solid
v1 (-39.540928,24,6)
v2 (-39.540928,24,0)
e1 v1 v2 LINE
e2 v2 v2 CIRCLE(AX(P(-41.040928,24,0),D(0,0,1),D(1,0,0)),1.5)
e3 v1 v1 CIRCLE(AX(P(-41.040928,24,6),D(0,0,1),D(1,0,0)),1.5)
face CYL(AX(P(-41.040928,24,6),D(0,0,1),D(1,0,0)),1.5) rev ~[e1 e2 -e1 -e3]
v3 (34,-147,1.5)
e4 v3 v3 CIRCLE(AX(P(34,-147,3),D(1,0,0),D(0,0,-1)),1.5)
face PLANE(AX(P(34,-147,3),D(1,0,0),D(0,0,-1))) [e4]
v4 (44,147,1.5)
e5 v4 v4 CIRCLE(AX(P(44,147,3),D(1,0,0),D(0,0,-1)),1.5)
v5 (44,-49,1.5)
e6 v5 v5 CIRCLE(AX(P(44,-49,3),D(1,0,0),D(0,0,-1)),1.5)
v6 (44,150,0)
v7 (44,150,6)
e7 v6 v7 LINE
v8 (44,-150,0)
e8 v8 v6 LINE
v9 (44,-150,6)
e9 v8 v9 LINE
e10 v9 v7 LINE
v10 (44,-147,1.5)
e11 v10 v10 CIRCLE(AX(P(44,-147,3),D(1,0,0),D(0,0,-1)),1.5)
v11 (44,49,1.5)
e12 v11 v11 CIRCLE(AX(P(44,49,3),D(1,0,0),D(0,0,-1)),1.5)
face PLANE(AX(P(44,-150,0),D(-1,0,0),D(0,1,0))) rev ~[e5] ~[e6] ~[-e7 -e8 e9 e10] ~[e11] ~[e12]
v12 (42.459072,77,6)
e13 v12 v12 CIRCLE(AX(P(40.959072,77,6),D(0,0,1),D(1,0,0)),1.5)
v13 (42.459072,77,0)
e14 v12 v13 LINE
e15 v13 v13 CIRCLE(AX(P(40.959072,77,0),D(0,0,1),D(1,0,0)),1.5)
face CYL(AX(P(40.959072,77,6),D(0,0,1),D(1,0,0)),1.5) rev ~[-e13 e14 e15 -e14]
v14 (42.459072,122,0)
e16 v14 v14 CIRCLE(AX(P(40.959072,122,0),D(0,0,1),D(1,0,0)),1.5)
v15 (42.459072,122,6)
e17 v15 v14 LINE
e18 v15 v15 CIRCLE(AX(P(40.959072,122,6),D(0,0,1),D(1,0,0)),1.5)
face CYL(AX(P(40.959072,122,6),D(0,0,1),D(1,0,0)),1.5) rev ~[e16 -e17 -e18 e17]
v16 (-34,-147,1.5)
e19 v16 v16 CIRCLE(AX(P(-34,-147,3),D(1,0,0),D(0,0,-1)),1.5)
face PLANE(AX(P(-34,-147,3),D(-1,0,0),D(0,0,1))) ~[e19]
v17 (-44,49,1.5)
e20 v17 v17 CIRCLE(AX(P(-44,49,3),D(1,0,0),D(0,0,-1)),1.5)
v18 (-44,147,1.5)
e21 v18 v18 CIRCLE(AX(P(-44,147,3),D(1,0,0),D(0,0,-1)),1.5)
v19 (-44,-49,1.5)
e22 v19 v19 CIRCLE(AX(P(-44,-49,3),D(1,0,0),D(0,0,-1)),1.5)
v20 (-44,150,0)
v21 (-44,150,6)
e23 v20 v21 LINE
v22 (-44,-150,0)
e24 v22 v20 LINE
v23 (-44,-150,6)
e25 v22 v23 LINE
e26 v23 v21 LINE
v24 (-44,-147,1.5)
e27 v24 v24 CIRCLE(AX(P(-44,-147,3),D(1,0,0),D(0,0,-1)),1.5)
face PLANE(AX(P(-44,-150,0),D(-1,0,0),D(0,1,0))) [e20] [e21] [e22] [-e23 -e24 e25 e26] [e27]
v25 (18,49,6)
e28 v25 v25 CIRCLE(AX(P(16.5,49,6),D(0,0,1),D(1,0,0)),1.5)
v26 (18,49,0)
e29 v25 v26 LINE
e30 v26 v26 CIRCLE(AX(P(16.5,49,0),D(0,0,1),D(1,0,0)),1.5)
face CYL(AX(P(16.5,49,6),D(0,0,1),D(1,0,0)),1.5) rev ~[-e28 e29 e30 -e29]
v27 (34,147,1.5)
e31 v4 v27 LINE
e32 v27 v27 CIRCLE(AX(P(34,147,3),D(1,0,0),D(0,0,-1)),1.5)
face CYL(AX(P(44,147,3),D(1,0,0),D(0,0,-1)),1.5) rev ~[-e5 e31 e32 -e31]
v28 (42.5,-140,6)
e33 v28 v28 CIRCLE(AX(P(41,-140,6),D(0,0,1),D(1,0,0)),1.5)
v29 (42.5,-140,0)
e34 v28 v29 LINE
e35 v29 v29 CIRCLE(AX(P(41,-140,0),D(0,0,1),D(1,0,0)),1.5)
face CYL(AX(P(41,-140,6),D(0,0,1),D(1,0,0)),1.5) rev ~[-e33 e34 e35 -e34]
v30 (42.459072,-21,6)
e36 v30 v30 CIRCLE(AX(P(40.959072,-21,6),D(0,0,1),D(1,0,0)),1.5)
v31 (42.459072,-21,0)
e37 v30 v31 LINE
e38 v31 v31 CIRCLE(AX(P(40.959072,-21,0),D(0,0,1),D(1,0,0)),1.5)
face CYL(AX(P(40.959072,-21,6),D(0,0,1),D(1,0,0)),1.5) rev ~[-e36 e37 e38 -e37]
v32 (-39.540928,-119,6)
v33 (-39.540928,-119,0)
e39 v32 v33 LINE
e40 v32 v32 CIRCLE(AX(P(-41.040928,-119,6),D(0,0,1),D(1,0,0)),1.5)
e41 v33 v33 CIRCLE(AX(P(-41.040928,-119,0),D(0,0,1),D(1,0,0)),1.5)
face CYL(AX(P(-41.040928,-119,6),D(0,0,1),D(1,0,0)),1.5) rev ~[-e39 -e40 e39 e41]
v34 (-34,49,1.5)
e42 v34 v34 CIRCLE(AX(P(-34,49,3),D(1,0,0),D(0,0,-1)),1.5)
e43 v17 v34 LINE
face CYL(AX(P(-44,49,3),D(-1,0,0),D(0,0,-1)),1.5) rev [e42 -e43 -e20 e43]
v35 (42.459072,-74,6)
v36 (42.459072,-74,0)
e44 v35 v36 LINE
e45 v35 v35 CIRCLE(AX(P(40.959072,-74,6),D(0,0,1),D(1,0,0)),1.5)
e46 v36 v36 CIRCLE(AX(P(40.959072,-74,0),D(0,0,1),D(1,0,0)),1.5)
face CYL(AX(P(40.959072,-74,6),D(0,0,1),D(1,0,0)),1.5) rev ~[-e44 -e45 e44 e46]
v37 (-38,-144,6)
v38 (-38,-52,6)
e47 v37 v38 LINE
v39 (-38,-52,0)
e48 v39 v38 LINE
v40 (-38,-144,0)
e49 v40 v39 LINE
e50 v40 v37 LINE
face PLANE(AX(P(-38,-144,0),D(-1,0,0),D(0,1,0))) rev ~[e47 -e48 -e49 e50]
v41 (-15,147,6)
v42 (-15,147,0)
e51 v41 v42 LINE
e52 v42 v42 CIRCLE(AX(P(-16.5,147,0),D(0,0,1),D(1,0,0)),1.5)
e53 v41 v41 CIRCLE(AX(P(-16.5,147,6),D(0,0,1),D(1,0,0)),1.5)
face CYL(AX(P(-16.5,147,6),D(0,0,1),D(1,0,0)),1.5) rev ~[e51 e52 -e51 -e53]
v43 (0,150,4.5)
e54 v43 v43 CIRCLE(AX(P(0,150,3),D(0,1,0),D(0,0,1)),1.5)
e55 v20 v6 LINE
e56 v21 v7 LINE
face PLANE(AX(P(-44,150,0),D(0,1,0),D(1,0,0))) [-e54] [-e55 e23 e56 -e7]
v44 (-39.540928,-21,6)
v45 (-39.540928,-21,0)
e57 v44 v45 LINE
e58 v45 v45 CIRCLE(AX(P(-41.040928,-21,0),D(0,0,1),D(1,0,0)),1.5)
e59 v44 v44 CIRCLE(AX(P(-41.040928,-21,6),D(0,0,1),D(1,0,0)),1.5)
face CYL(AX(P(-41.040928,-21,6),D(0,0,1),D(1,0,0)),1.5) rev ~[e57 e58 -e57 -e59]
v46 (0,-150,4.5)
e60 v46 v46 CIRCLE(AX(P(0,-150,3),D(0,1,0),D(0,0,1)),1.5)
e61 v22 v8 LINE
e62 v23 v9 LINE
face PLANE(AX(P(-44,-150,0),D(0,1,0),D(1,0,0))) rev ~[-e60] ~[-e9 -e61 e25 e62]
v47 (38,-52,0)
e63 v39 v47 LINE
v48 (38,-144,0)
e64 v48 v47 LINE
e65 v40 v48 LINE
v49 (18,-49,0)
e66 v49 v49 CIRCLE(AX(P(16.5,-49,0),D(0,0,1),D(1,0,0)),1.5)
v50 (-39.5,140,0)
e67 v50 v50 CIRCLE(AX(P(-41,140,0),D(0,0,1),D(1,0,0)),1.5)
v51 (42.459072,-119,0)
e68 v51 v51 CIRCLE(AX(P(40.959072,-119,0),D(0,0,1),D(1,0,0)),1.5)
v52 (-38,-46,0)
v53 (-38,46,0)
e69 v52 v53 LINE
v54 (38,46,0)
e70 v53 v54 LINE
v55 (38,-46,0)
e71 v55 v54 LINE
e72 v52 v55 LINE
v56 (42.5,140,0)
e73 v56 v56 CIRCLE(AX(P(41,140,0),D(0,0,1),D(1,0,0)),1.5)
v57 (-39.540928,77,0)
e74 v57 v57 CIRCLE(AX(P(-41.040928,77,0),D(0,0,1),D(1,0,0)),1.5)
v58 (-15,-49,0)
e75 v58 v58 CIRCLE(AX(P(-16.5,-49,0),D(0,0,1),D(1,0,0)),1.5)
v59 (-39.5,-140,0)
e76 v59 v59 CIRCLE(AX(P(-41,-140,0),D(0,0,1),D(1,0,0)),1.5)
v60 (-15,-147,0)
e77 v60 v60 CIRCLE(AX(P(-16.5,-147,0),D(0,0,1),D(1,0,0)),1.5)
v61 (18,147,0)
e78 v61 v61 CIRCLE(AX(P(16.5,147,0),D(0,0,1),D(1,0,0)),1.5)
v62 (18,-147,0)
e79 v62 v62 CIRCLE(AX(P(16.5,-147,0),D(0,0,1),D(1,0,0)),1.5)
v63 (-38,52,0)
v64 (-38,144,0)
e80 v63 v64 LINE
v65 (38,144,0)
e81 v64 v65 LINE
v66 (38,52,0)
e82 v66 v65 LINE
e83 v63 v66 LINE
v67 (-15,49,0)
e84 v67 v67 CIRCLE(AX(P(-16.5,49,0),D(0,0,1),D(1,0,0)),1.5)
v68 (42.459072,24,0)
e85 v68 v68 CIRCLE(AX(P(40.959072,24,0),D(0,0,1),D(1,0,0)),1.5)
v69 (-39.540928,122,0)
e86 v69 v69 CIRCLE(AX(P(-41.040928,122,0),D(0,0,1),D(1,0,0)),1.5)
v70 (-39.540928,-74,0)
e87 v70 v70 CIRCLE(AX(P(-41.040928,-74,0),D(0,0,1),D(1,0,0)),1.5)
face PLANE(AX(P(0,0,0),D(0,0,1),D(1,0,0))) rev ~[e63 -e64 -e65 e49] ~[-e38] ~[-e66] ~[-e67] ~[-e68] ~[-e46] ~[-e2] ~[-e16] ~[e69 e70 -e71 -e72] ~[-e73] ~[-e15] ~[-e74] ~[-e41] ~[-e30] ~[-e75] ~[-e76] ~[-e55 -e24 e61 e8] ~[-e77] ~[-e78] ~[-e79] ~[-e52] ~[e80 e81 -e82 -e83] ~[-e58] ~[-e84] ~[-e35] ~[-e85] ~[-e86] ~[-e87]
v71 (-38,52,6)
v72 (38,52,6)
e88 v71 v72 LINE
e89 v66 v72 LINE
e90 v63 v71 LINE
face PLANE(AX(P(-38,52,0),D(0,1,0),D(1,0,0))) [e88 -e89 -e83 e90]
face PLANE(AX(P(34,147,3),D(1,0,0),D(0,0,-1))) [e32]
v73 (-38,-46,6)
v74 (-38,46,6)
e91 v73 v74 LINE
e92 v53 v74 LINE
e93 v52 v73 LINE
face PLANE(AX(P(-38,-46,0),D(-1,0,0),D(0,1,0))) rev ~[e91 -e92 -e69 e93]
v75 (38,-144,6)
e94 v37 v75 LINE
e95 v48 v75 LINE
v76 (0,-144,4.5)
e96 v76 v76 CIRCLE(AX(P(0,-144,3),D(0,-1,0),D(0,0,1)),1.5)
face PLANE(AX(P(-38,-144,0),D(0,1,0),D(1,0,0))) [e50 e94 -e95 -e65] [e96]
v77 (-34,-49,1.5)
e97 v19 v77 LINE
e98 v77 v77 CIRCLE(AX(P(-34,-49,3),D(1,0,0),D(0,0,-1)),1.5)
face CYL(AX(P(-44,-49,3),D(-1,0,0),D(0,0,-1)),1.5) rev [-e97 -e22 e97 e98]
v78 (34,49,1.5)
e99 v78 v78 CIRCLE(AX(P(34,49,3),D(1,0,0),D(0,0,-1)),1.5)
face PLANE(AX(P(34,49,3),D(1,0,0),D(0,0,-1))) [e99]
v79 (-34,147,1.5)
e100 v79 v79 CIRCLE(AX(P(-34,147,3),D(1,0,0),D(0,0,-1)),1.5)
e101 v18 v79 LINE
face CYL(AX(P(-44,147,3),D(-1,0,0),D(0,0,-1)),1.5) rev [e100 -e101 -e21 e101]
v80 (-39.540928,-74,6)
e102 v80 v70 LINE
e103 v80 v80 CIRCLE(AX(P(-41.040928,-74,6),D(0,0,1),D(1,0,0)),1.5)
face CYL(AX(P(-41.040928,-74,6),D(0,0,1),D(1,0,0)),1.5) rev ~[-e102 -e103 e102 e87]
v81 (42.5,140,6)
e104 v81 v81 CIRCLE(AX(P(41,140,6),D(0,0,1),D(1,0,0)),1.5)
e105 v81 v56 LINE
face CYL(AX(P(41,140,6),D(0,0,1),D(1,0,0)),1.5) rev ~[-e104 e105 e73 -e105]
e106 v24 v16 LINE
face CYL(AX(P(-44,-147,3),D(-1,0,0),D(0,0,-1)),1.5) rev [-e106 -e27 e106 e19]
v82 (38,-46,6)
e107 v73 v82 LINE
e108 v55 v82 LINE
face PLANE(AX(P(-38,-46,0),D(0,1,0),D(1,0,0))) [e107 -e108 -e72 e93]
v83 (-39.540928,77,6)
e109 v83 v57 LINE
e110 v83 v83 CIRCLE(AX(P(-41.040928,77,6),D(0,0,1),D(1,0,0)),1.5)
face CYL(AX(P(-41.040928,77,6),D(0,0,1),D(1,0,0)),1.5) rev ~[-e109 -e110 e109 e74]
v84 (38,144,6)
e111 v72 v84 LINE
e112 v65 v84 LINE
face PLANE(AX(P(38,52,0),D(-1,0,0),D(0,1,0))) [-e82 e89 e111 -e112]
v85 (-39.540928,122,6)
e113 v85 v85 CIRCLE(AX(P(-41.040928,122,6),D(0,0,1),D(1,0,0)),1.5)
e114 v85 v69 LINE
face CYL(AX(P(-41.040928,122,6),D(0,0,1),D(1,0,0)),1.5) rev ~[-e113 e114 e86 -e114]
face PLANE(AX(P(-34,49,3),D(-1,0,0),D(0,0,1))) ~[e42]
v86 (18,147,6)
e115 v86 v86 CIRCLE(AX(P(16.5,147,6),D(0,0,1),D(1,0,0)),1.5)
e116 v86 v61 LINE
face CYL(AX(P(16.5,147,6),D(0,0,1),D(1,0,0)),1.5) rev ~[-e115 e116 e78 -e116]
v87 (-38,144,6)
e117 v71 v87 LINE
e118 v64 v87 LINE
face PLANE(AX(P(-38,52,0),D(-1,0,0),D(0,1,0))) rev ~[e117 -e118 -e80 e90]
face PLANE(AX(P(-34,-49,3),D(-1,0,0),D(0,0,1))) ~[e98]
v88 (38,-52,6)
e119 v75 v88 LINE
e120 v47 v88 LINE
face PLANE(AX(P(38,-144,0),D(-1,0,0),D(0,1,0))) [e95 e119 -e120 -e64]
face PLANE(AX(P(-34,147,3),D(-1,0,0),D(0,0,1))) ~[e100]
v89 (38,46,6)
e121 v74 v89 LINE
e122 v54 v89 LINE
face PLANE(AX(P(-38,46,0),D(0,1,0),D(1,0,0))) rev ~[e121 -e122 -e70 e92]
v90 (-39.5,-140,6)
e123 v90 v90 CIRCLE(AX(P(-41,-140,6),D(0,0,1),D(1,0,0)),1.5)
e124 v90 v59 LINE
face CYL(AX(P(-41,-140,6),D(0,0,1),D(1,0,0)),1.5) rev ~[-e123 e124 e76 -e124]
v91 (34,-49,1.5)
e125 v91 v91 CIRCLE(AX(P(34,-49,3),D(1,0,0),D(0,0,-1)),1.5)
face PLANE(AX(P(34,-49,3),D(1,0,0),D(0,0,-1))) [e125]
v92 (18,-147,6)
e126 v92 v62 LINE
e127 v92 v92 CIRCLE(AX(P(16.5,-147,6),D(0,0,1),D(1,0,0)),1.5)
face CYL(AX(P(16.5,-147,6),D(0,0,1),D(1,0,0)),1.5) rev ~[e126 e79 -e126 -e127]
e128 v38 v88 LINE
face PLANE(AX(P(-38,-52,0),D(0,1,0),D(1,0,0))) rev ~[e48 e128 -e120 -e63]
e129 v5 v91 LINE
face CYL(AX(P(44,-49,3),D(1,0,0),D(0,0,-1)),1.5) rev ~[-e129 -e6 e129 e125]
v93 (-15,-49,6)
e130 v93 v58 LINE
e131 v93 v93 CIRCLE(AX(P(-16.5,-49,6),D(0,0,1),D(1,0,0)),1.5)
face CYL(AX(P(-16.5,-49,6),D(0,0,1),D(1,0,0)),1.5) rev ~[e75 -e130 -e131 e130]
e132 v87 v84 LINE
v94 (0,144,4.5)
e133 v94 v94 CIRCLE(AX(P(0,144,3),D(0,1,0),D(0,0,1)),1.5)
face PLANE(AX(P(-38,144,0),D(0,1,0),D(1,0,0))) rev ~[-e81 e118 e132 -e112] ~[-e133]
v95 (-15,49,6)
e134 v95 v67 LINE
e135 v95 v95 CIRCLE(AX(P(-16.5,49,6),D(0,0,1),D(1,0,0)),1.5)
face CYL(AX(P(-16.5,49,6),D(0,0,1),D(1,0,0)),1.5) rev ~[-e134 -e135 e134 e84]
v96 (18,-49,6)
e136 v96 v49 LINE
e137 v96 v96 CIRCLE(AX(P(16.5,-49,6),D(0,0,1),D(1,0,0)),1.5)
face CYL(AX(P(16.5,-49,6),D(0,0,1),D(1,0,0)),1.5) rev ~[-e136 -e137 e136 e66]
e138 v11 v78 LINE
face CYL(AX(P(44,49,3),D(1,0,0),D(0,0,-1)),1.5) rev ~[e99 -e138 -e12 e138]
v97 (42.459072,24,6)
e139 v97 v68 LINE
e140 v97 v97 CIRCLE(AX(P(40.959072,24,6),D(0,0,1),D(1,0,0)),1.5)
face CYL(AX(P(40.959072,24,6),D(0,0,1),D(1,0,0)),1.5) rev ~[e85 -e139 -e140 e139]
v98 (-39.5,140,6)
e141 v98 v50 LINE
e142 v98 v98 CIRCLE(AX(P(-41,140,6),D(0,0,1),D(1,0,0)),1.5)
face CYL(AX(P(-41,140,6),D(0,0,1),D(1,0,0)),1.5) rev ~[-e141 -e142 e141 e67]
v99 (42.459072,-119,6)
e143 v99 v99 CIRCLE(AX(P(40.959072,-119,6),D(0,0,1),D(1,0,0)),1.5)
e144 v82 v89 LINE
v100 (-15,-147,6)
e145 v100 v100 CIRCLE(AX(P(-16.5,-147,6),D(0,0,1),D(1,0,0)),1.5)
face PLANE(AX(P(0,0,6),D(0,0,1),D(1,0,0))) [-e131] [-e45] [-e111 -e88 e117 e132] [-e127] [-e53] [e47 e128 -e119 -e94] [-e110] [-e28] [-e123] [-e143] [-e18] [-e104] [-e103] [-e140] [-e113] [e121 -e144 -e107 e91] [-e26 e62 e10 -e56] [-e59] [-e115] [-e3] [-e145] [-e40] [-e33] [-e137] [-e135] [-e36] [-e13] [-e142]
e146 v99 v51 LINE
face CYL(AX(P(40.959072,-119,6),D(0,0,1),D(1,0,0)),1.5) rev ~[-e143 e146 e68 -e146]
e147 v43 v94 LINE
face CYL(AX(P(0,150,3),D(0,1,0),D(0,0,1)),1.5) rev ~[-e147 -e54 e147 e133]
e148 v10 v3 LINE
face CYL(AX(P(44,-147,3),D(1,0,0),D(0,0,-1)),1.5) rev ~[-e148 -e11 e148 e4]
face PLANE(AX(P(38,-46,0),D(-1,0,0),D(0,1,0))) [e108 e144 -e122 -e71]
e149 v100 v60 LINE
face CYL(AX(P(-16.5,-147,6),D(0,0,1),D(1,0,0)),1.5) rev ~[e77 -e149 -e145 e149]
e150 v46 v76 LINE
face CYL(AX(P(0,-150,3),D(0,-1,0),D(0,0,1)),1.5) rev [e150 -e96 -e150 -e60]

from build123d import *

# Parameters (mm, degrees)
SKETCH1_W           = 88
SKETCH1_H           = 300
SKETCH1_W_2         = 76
SKETCH1_H_2         = 92
BOSS_EXTRUDE1_DEPTH = 6
SKETCH2_R           = 1.5
CUT_EXTRUDE1_DEPTH  = 10
SKETCH3_R           = 1.5
CUT_EXTRUDE2_DEPTH  = 10
SKETCH4_R           = 1.5
CUT_EXTRUDE3_DEPTH  = 10
SKETCH5_R           = 1.5
CUT_EXTRUDE4_DEPTH  = 10


with BuildPart() as part:
    # Sketch1 → Boss-Extrude1 (new body)
    with BuildSketch(Plane.XY):
        Rectangle(SKETCH1_W, SKETCH1_H)
        with Locations((0, 98)):
            Rectangle(SKETCH1_W_2, SKETCH1_H_2, mode=Mode.SUBTRACT)
        with Locations((0, -98)):
            Rectangle(SKETCH1_W_2, SKETCH1_H_2, mode=Mode.SUBTRACT)
        Rectangle(SKETCH1_W_2, SKETCH1_H_2, mode=Mode.SUBTRACT)
    extrude(amount=BOSS_EXTRUDE1_DEPTH)

    # Sketch2 → Cut-Extrude1 (cut)
    with BuildSketch(Plane(origin=(44, 0, 0), x_dir=(0, 0, -1), z_dir=(1, 0, 0))):
        with Locations((-3, 147)):
            Circle(SKETCH2_R)
        with Locations((-3, 49)):
            Circle(SKETCH2_R)
        with Locations((-3, -49)):
            Circle(SKETCH2_R)
        with Locations((-3, -147)):
            Circle(SKETCH2_R)
    cut_extrude1 = extrude(amount=-CUT_EXTRUDE1_DEPTH, mode=Mode.SUBTRACT)

    # Mirror1: Cut-Extrude1 across plane
    add(cut_extrude1.mirror(Plane(origin=(0, 0, 0), x_dir=(0, 0, 1), z_dir=(1, 0, 0))), mode=Mode.SUBTRACT)

    # Sketch3 → Cut-Extrude2 (cut)
    with BuildSketch(Plane.XY.offset(6)):
        with Locations((-41, 140)):
            Circle(SKETCH3_R)
        with Locations((41, 140)):
            Circle(SKETCH3_R)
        with Locations((41, -140)):
            Circle(SKETCH3_R)
        with Locations((-41, -140)):
            Circle(SKETCH3_R)
    extrude(amount=-CUT_EXTRUDE2_DEPTH, mode=Mode.SUBTRACT)

    # Sketch4 → Cut-Extrude3 (cut)
    with BuildSketch(Plane.XY.offset(6)):
        with Locations((-16.5, 147)):
            Circle(SKETCH4_R)
        with Locations((16.5, 147)):
            Circle(SKETCH4_R)
        with Locations((16.5, 49)):
            Circle(SKETCH4_R)
        with Locations((-16.5, 49)):
            Circle(SKETCH4_R)
        with Locations((16.5, -49)):
            Circle(SKETCH4_R)
        with Locations((-16.5, -49)):
            Circle(SKETCH4_R)
        with Locations((16.5, -147)):
            Circle(SKETCH4_R)
        with Locations((-16.5, -147)):
            Circle(SKETCH4_R)
        with Locations((-41.040928423, 122)):
            Circle(SKETCH4_R)
        with Locations((-41.040928423, 77)):
            Circle(SKETCH4_R)
        with Locations((40.959071577, 122)):
            Circle(SKETCH4_R)
        with Locations((40.959071577, 77)):
            Circle(SKETCH4_R)
        with Locations((40.959071577, 24)):
            Circle(SKETCH4_R)
        with Locations((40.959071577, -21)):
            Circle(SKETCH4_R)
        with Locations((40.959071577, -74)):
            Circle(SKETCH4_R)
        with Locations((40.959071577, -119)):
            Circle(SKETCH4_R)
        with Locations((-41.040928423, 24)):
            Circle(SKETCH4_R)
        with Locations((-41.040928423, -21)):
            Circle(SKETCH4_R)
        with Locations((-41.040928423, -74)):
            Circle(SKETCH4_R)
        with Locations((-41.040928423, -119)):
            Circle(SKETCH4_R)
    extrude(amount=-CUT_EXTRUDE3_DEPTH, mode=Mode.SUBTRACT)

    # Sketch5 → Cut-Extrude4 (cut)
    with BuildSketch(Plane(origin=(0, 150, 0), x_dir=(1, 0, 0), z_dir=(0, 1, 0))):
        with Locations(Location((0, -3, 0), (0, 0, 270))):
            Circle(SKETCH5_R)
    cut_extrude4 = extrude(amount=-CUT_EXTRUDE4_DEPTH, mode=Mode.SUBTRACT)

    # Mirror2: Cut-Extrude4 across plane
    add(cut_extrude4.mirror(Plane.ZX), mode=Mode.SUBTRACT)


solid = part.part
